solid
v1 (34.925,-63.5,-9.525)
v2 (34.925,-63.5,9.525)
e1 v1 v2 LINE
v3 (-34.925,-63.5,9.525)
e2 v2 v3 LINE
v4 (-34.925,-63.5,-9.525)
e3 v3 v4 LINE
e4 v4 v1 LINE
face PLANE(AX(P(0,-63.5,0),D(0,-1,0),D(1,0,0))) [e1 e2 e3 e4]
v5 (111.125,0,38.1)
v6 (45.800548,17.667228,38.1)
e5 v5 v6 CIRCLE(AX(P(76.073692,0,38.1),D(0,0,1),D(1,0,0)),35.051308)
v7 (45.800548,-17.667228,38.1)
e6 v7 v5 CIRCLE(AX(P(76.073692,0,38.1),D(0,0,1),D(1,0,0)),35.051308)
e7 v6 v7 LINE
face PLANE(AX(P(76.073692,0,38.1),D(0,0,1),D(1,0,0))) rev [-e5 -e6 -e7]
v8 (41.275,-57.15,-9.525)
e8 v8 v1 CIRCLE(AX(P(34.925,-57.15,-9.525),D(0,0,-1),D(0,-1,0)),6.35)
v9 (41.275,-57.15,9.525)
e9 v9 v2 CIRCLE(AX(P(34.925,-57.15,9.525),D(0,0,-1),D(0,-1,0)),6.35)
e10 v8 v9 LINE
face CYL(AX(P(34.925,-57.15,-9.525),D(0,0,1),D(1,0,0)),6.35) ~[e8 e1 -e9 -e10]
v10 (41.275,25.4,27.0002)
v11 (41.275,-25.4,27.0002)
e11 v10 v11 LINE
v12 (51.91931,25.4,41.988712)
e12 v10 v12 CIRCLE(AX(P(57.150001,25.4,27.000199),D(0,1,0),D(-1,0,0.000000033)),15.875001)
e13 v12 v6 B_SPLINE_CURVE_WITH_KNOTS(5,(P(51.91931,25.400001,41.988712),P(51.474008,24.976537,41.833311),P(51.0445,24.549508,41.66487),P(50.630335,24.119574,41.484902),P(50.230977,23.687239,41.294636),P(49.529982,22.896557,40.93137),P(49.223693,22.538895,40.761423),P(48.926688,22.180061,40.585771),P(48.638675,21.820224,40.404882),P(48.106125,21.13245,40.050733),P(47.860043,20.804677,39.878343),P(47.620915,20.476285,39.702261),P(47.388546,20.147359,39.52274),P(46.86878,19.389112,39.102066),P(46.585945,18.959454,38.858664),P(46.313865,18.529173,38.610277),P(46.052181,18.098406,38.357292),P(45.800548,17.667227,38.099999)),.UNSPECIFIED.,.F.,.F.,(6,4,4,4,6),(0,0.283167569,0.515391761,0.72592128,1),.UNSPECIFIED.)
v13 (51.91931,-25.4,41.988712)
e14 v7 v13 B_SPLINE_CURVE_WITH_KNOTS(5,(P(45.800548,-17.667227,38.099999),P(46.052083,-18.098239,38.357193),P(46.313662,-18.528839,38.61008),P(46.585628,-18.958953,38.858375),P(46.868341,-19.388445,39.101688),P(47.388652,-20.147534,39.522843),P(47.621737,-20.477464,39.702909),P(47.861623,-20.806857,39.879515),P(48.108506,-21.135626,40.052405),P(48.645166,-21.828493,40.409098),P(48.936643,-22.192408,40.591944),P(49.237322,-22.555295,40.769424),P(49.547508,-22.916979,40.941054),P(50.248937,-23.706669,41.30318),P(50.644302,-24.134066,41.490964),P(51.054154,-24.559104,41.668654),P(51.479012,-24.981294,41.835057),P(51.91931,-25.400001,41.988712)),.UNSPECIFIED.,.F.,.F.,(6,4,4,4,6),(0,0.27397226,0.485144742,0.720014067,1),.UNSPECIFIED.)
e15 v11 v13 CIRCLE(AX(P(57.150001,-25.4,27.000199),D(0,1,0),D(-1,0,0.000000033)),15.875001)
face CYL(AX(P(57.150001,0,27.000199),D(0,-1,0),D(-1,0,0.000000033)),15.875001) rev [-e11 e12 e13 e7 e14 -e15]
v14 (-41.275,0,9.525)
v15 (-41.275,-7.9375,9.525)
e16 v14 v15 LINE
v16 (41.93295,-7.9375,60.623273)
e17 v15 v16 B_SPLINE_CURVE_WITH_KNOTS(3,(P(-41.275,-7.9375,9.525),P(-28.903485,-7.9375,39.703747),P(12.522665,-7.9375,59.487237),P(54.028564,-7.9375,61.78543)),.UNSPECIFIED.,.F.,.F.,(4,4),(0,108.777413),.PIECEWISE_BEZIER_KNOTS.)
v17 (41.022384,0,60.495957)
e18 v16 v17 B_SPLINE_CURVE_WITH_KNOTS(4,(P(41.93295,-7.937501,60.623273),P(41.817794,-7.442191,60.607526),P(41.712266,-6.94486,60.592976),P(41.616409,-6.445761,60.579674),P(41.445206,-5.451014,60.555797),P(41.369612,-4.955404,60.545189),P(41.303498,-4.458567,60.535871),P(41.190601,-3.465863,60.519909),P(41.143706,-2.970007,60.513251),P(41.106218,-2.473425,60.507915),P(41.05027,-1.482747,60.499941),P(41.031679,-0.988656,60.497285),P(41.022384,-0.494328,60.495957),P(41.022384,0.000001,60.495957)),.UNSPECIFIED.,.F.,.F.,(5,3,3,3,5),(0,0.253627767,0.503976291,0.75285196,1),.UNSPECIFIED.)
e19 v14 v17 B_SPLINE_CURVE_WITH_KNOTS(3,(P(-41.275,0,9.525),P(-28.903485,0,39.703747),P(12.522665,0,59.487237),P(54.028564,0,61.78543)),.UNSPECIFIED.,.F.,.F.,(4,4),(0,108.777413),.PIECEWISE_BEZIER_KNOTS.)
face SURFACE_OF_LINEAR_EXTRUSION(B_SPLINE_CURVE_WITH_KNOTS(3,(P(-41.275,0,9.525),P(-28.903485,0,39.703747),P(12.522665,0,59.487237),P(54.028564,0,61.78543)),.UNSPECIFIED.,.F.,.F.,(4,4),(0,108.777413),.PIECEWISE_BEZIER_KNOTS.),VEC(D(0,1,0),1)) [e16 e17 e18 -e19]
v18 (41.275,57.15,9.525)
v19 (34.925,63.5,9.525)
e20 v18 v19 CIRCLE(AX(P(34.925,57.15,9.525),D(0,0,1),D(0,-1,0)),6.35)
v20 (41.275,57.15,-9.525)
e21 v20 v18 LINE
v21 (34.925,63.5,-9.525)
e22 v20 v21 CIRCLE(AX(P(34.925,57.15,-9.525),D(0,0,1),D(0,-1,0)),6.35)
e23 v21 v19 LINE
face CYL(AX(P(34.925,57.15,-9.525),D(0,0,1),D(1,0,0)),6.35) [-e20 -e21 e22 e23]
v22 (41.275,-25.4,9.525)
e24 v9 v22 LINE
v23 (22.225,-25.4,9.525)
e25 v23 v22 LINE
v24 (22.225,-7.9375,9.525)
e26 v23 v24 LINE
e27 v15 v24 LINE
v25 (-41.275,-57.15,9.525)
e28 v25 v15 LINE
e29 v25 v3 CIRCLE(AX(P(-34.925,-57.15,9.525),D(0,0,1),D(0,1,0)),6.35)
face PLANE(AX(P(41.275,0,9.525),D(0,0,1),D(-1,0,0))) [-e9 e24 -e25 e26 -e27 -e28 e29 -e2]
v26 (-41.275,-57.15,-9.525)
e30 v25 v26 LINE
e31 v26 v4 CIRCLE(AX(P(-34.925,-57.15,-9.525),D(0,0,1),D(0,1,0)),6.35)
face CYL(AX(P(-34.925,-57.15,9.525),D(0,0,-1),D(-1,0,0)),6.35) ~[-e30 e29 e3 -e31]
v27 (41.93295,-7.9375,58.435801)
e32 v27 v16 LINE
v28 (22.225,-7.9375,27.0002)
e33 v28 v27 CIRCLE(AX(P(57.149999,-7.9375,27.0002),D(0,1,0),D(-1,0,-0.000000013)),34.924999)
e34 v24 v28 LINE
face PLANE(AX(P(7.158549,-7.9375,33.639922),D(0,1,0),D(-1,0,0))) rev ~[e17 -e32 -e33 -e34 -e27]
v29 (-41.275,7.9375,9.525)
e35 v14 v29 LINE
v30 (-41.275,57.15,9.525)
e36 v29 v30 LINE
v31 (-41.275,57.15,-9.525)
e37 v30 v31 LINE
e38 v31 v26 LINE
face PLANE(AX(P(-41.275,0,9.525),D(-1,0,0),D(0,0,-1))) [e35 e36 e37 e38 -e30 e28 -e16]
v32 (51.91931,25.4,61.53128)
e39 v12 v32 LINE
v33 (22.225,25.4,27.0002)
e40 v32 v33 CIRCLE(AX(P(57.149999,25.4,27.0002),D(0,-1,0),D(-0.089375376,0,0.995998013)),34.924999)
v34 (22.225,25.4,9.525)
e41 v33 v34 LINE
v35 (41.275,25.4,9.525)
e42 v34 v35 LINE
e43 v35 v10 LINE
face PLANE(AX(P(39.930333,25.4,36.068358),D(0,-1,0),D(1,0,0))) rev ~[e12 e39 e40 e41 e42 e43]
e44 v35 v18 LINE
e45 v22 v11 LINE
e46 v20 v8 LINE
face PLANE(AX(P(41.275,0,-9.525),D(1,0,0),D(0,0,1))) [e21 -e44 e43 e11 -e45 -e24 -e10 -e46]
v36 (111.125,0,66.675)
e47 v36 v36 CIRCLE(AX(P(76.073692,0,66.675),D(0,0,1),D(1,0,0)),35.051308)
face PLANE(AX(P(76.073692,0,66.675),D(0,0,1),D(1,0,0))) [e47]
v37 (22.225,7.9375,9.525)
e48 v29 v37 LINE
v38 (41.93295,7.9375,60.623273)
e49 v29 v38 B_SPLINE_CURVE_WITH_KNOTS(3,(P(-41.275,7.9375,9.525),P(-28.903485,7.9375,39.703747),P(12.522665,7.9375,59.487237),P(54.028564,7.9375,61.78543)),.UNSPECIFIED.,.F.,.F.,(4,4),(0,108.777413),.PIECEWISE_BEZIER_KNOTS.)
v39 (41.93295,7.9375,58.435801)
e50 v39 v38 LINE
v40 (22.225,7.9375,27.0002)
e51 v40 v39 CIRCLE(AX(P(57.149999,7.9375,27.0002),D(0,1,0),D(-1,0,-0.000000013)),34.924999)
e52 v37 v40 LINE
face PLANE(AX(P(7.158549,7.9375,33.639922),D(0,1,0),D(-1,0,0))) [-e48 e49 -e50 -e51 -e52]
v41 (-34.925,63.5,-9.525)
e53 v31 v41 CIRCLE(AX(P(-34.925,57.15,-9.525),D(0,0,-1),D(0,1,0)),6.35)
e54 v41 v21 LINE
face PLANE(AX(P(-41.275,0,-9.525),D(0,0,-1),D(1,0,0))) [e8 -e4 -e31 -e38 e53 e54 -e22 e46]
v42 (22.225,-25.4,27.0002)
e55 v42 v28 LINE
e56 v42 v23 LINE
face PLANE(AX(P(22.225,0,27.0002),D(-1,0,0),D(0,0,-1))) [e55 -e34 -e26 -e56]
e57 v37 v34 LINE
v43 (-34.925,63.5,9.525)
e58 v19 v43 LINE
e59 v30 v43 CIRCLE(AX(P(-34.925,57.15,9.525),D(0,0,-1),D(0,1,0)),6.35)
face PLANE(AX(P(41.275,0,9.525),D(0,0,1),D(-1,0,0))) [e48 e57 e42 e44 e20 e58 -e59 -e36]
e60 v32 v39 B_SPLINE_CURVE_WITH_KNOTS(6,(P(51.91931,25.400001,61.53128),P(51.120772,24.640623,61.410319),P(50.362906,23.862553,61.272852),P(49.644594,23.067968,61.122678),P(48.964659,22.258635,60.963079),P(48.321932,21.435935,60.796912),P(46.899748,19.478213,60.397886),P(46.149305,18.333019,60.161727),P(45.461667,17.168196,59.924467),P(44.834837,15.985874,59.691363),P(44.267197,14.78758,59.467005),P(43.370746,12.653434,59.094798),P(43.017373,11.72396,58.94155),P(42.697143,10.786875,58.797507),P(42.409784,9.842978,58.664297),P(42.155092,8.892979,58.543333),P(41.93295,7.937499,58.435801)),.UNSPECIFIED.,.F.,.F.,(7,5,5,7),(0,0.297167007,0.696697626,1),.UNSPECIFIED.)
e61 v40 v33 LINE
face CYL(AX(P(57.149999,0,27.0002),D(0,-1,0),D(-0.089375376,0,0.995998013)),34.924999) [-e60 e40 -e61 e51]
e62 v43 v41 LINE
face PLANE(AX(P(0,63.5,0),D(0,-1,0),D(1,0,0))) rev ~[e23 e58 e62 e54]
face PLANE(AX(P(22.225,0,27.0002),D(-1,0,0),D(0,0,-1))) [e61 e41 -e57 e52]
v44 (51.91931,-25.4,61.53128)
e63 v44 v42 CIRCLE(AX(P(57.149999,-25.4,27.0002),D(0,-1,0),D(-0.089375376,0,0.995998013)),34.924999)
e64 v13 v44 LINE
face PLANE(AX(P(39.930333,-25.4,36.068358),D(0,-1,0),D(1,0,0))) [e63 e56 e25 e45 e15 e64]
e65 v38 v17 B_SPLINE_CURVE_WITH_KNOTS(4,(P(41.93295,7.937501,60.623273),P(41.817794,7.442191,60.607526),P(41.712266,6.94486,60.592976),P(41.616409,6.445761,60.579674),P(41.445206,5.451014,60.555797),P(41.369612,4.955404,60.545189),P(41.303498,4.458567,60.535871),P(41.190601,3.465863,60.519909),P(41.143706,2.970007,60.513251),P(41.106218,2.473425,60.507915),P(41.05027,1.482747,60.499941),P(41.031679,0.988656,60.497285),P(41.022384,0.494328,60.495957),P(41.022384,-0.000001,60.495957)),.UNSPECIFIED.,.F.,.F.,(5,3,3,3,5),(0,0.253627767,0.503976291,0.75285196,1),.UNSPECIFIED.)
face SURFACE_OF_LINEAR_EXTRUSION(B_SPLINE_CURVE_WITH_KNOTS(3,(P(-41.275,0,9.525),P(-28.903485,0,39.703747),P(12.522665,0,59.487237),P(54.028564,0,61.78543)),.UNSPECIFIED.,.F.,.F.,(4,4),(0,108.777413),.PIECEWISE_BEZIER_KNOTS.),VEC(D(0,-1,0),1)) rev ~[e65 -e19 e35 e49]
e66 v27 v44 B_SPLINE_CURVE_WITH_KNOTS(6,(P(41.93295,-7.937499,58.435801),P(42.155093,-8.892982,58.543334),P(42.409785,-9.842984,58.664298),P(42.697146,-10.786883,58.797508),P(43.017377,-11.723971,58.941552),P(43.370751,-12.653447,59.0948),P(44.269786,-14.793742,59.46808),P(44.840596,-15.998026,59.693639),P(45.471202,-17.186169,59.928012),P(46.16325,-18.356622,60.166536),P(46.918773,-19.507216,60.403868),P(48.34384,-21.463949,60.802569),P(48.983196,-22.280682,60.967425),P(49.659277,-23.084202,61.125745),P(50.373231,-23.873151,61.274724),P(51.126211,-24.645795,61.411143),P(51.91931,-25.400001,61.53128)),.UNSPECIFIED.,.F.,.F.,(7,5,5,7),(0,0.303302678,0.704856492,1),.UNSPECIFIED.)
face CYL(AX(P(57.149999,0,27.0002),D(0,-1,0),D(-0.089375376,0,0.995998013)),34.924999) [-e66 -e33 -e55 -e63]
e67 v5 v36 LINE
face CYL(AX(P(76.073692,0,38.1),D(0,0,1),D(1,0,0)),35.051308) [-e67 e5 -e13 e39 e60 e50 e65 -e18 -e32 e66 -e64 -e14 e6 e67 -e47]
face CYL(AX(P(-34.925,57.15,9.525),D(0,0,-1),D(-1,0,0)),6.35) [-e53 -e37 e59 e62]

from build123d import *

# Parameters (mm, degrees)
F1_DEPTH = 63.5
F0_W     = 15.748692
F0_H     = 4.7752
F2_DEPTH = 25.4
F3_DEPTH = 7.9375
F5_R     = 6.35


with BuildPart() as f1:
    # F0 (on Front) → F1 (new body, symmetric)
    with BuildSketch(Plane.XZ):
        Polygon((-41.275, 9.525), (-41.275, -9.525), (41.275, -9.525), (41.275, 9.525), (22.225, 9.525), align=None)
    extrude(amount=F1_DEPTH, both=True)

    # F0 (on Front) → F2 (join, symmetric)
    with BuildSketch(Plane.XZ):
        with Locations((68.199346, 40.4876)):
            Rectangle(F0_W, F0_H)
        with BuildLine():
            Line((22.225, 9.525), (41.275, 9.525))
            Line((41.275, 9.525), (41.275, 27.0002))
            ThreePointArc((41.275, 27.0002), (45.92468, 38.22552), (57.15, 42.8752))
            Line((57.15, 42.8752), (60.325, 42.8752))
            Line((60.325, 42.8752), (60.325, 61.9252))
            Line((60.325, 61.9252), (57.15, 61.9252))
            add(Edge.make_bspline(
                [(54.028564, 61.78543), (55.069144, 61.843048), (56.109775, 61.889675), (57.15, 61.9252)],
                knots=[108.777413, 108.777413, 108.777413, 108.777413, 111.504536, 111.504536, 111.504536, 111.504536], degree=3))
            ThreePointArc((54.028564, 61.78543), (31.374316, 50.566484), (22.225, 27.0002))
            Line((22.225, 27.0002), (22.225, 9.525))
        make_face()
    extrude(amount=F2_DEPTH, both=True)

    # F0 (on Front) → F3 (join, symmetric)
    with BuildSketch(Plane.XZ):
        with BuildLine():
            add(Edge.make_bspline(
                [(-41.275, 9.525), (-28.903485, 39.703747), (12.522665, 59.487237), (54.028564, 61.78543)],
                knots=[0, 0, 0, 0, 108.777413, 108.777413, 108.777413, 108.777413], degree=3))
            Line((-41.275, 9.525), (22.225, 9.525))
            Line((22.225, 9.525), (22.225, 27.0002))
            ThreePointArc((22.225, 27.0002), (31.374316, 50.566484), (54.028564, 61.78543))
        make_face()
    extrude(amount=F3_DEPTH, both=True)

    # F0 (on Front) → F4 (revolve)
    with BuildSketch(Plane.XZ):
        Polygon((76.073692, 66.675), (76.073692, 61.9252), (76.073692, 42.8752), (76.073692, 38.1), (111.125, 38.1), (111.125, 66.675), align=None)
    revolve(axis=Axis((76.073692, 0, 52.4002), (0, 0, 1)))

    # F5
    f5_edges = [f1.edges().sort_by_distance(p)[0] for p in [
        (41.275, -63.5, 0),
        (-41.275, -63.5, 0),
        (-41.275, 63.5, 0),
        (41.275, 63.5, 0),
    ]]
    fillet(f5_edges, radius=F5_R)


solid = f1.part
